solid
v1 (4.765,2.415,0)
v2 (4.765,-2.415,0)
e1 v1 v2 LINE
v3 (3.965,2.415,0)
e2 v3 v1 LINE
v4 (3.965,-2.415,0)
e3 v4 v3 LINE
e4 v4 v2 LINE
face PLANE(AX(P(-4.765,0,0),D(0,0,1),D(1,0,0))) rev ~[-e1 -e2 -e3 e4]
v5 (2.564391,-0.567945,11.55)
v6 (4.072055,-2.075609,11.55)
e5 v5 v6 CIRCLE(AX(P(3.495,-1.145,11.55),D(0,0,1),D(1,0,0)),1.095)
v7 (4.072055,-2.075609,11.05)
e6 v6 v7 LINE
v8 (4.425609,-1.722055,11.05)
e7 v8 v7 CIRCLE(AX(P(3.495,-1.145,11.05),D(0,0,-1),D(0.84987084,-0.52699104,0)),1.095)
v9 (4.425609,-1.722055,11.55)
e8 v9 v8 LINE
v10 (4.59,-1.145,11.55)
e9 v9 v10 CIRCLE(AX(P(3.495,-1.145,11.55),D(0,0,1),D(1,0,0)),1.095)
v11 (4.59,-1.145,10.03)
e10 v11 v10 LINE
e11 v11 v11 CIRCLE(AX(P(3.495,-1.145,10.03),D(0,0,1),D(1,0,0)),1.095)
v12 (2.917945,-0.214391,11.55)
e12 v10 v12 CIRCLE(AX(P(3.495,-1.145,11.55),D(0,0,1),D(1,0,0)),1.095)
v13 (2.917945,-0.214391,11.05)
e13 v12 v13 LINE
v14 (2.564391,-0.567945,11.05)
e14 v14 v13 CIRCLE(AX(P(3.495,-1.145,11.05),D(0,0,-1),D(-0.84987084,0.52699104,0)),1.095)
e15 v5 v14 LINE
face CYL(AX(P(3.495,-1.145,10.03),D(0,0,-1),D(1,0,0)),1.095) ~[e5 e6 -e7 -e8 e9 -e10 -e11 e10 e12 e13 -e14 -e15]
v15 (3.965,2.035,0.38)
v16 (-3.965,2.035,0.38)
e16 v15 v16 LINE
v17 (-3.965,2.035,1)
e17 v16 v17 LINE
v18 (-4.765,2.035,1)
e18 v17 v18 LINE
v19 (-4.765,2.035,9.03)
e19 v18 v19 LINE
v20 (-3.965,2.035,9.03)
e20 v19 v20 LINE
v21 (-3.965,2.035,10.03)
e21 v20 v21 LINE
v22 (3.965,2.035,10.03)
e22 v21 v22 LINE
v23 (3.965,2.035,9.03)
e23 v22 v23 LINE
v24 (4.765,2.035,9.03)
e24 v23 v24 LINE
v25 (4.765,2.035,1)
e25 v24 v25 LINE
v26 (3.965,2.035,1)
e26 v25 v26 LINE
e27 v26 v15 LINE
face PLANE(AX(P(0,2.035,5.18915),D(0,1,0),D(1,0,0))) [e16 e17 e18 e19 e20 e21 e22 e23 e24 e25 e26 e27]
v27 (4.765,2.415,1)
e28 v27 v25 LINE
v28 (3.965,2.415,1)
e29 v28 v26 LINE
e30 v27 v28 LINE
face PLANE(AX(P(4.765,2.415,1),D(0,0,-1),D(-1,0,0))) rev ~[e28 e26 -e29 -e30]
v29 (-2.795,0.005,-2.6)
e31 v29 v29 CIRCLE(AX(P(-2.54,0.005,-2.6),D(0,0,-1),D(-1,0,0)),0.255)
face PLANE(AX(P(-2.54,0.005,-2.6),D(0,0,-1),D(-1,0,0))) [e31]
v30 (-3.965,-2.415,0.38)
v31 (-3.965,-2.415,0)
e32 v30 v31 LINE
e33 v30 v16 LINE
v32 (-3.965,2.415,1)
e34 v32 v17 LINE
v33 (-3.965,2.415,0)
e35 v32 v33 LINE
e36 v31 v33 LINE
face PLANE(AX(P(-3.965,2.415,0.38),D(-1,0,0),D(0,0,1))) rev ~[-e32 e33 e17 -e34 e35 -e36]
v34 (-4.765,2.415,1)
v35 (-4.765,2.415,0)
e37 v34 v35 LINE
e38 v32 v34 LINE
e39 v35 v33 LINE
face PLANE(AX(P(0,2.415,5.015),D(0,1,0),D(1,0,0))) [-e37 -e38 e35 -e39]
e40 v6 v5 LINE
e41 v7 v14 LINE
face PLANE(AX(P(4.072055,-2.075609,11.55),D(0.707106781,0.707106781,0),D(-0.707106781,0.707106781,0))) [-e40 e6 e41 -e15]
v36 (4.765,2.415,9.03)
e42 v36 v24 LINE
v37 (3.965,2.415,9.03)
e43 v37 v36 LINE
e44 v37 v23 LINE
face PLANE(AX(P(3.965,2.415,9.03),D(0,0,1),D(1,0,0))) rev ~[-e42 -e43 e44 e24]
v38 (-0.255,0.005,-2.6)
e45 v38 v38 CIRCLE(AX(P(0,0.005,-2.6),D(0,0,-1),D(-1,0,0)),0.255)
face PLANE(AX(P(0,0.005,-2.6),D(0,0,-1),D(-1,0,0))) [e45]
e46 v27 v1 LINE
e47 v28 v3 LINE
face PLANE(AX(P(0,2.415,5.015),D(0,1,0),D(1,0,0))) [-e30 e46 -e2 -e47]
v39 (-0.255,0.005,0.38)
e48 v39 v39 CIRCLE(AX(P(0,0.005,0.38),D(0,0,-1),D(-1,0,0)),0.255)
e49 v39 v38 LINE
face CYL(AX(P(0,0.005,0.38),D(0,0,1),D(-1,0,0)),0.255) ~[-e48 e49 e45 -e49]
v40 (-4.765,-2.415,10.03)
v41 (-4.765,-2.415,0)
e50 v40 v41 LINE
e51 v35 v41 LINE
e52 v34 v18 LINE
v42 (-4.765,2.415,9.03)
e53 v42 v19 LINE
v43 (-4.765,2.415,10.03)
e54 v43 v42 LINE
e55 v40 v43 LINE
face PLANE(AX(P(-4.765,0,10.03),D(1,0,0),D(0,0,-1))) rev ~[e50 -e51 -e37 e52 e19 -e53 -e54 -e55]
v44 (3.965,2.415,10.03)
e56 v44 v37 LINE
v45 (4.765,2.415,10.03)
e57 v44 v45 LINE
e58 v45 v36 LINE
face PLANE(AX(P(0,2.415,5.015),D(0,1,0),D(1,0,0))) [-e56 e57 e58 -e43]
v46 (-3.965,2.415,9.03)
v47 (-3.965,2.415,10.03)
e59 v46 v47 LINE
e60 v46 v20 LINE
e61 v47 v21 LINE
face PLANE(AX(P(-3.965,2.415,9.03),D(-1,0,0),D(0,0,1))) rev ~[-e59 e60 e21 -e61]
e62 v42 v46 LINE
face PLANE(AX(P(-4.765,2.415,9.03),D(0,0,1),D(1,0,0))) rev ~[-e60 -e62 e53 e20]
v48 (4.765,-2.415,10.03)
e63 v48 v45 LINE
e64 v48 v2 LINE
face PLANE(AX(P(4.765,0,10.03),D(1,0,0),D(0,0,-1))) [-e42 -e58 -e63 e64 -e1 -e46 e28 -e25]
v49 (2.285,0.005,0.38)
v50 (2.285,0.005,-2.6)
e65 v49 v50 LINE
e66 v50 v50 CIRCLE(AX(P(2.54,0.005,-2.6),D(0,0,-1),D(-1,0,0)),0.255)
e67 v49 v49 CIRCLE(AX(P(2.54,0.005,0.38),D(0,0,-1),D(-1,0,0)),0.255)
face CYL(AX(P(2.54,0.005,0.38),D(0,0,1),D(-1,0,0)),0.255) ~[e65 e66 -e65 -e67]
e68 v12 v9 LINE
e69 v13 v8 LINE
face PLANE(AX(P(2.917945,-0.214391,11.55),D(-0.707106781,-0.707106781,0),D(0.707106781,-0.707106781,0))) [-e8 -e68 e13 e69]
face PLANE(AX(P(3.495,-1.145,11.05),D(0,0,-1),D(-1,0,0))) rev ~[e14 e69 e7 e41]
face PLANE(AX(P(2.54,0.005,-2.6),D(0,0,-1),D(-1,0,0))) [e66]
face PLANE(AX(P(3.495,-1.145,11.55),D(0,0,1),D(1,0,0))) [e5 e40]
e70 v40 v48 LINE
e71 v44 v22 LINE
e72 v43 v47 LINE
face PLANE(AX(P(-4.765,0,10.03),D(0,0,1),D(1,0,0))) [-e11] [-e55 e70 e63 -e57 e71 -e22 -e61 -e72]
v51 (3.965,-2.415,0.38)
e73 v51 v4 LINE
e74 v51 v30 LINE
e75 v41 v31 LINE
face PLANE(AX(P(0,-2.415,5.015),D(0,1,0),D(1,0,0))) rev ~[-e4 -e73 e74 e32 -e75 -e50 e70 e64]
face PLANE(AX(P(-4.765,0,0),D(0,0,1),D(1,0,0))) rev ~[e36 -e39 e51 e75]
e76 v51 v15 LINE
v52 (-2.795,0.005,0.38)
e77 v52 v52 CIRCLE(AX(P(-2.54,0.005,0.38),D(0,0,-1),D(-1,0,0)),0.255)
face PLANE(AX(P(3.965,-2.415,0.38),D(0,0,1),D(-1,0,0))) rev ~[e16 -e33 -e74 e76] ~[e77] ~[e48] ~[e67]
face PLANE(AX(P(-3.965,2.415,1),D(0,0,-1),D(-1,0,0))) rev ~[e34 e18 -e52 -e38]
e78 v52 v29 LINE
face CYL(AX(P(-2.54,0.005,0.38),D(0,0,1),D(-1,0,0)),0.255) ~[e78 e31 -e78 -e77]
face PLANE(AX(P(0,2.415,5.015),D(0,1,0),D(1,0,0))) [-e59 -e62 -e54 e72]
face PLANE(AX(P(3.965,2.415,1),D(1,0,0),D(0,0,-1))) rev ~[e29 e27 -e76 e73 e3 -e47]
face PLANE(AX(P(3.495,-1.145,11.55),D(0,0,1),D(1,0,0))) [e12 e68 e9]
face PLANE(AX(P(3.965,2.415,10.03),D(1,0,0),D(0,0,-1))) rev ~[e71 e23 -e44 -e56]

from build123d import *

# Parameters (mm, degrees)
ESBO_O1_W                = 9.53
ESBO_O1_H                = 10.03
RESSALTO_EXTRUS_O1_DEPTH = 2.415
CORTE_EXTRUS_O1_REACH    = 6.83
ESBO_O2_W                = 7.93
ESBO_O2_H                = 1
CORTE_EXTRUS_O2_DEPTH    = 0.38
ESBO_O4_R                = 1.095
RESSALTO_EXTRUS_O2_DEPTH = 1.52
CORTE_EXTRUS_O3_DEPTH    = 0.5
ESBO_O6_R                = 0.255
RESSALTO_EXTRUS_O3_DEPTH = 2.98


with BuildPart() as part:
    # Esboço1 → Ressalto-extrusão1 (new body, symmetric)
    with BuildSketch(Plane(origin=(0, 0, 0), x_dir=(1, 0, 0), z_dir=(0, 1, 0))):
        with Locations((0, -5.015)):
            Rectangle(ESBO_O1_W, ESBO_O1_H)
    extrude(amount=RESSALTO_EXTRUS_O1_DEPTH, both=True)

    # Esboço2 → Corte-extrusão1 (cut, up to next)
    with BuildSketch(Plane(origin=(0, -2.415, 0), x_dir=(-1, 0, 0), z_dir=(0, -1, 0)), mode=Mode.PRIVATE) as corte_extrus_o1_sk1:
        with Locations((0, 0.12)):
            Rectangle(ESBO_O2_W, ESBO_O2_H)
    corte_extrus_o1_tool1 = extrude(corte_extrus_o1_sk1.sketch, amount=-CORTE_EXTRUS_O1_REACH, mode=Mode.PRIVATE) & part.part
    add(corte_extrus_o1_tool1.solids().sort_by_distance((0, -2.415, -0.12))[0], mode=Mode.SUBTRACT)

    # Esboço3 → Corte-extrusão2 (cut)
    with BuildSketch(Plane(origin=(0, 2.415, 0), x_dir=(1, 0, 0), z_dir=(0, 1, 0))):
        Polygon((3.965, -0.38), (-3.965, -0.38), (-3.965, -1), (-4.765, -1), (-4.765, -9.03), (-3.965, -9.03), (-3.965, -10.03), (3.965, -10.03), (3.965, -9.03), (4.765, -9.03), (4.765, -1), (3.965, -1), align=None)
    extrude(amount=-CORTE_EXTRUS_O2_DEPTH, mode=Mode.SUBTRACT)

    # Esboço4 → Ressalto-extrusão2 (add)
    with BuildSketch(Plane.XY.offset(10.03)):
        with Locations((3.495, -1.145)):
            Circle(ESBO_O4_R)
    extrude(amount=RESSALTO_EXTRUS_O2_DEPTH)

    # Esboço5 → Corte-extrusão3 (cut)
    with BuildSketch(Plane.XY.offset(11.55)):
        with BuildLine():
            Line((2.917944817, -0.214391427), (4.425608573, -1.722055183))
            ThreePointArc((4.425608573, -1.722055183), (4.269281925, -1.919281925), (4.072055183, -2.075608573))
            Line((4.072055183, -2.075608573), (2.564391427, -0.567944817))
            ThreePointArc((2.564391427, -0.567944817), (2.720718075, -0.370718075), (2.917944817, -0.214391427))
        make_face()
    extrude(amount=-CORTE_EXTRUS_O3_DEPTH, mode=Mode.SUBTRACT)

    # Esboço6 → Ressalto-extrusão3 (add)
    with BuildSketch(Plane(origin=(0, 0, 0.38), x_dir=(-1, 0, 0), z_dir=(0, 0, -1))):
        with Locations((0, 0.005)):
            Circle(ESBO_O6_R)
        with Locations((-2.54, 0.005)):
            Circle(ESBO_O6_R)
        with Locations((2.54, 0.005)):
            Circle(ESBO_O6_R)
    extrude(amount=RESSALTO_EXTRUS_O3_DEPTH)


solid = part.part
